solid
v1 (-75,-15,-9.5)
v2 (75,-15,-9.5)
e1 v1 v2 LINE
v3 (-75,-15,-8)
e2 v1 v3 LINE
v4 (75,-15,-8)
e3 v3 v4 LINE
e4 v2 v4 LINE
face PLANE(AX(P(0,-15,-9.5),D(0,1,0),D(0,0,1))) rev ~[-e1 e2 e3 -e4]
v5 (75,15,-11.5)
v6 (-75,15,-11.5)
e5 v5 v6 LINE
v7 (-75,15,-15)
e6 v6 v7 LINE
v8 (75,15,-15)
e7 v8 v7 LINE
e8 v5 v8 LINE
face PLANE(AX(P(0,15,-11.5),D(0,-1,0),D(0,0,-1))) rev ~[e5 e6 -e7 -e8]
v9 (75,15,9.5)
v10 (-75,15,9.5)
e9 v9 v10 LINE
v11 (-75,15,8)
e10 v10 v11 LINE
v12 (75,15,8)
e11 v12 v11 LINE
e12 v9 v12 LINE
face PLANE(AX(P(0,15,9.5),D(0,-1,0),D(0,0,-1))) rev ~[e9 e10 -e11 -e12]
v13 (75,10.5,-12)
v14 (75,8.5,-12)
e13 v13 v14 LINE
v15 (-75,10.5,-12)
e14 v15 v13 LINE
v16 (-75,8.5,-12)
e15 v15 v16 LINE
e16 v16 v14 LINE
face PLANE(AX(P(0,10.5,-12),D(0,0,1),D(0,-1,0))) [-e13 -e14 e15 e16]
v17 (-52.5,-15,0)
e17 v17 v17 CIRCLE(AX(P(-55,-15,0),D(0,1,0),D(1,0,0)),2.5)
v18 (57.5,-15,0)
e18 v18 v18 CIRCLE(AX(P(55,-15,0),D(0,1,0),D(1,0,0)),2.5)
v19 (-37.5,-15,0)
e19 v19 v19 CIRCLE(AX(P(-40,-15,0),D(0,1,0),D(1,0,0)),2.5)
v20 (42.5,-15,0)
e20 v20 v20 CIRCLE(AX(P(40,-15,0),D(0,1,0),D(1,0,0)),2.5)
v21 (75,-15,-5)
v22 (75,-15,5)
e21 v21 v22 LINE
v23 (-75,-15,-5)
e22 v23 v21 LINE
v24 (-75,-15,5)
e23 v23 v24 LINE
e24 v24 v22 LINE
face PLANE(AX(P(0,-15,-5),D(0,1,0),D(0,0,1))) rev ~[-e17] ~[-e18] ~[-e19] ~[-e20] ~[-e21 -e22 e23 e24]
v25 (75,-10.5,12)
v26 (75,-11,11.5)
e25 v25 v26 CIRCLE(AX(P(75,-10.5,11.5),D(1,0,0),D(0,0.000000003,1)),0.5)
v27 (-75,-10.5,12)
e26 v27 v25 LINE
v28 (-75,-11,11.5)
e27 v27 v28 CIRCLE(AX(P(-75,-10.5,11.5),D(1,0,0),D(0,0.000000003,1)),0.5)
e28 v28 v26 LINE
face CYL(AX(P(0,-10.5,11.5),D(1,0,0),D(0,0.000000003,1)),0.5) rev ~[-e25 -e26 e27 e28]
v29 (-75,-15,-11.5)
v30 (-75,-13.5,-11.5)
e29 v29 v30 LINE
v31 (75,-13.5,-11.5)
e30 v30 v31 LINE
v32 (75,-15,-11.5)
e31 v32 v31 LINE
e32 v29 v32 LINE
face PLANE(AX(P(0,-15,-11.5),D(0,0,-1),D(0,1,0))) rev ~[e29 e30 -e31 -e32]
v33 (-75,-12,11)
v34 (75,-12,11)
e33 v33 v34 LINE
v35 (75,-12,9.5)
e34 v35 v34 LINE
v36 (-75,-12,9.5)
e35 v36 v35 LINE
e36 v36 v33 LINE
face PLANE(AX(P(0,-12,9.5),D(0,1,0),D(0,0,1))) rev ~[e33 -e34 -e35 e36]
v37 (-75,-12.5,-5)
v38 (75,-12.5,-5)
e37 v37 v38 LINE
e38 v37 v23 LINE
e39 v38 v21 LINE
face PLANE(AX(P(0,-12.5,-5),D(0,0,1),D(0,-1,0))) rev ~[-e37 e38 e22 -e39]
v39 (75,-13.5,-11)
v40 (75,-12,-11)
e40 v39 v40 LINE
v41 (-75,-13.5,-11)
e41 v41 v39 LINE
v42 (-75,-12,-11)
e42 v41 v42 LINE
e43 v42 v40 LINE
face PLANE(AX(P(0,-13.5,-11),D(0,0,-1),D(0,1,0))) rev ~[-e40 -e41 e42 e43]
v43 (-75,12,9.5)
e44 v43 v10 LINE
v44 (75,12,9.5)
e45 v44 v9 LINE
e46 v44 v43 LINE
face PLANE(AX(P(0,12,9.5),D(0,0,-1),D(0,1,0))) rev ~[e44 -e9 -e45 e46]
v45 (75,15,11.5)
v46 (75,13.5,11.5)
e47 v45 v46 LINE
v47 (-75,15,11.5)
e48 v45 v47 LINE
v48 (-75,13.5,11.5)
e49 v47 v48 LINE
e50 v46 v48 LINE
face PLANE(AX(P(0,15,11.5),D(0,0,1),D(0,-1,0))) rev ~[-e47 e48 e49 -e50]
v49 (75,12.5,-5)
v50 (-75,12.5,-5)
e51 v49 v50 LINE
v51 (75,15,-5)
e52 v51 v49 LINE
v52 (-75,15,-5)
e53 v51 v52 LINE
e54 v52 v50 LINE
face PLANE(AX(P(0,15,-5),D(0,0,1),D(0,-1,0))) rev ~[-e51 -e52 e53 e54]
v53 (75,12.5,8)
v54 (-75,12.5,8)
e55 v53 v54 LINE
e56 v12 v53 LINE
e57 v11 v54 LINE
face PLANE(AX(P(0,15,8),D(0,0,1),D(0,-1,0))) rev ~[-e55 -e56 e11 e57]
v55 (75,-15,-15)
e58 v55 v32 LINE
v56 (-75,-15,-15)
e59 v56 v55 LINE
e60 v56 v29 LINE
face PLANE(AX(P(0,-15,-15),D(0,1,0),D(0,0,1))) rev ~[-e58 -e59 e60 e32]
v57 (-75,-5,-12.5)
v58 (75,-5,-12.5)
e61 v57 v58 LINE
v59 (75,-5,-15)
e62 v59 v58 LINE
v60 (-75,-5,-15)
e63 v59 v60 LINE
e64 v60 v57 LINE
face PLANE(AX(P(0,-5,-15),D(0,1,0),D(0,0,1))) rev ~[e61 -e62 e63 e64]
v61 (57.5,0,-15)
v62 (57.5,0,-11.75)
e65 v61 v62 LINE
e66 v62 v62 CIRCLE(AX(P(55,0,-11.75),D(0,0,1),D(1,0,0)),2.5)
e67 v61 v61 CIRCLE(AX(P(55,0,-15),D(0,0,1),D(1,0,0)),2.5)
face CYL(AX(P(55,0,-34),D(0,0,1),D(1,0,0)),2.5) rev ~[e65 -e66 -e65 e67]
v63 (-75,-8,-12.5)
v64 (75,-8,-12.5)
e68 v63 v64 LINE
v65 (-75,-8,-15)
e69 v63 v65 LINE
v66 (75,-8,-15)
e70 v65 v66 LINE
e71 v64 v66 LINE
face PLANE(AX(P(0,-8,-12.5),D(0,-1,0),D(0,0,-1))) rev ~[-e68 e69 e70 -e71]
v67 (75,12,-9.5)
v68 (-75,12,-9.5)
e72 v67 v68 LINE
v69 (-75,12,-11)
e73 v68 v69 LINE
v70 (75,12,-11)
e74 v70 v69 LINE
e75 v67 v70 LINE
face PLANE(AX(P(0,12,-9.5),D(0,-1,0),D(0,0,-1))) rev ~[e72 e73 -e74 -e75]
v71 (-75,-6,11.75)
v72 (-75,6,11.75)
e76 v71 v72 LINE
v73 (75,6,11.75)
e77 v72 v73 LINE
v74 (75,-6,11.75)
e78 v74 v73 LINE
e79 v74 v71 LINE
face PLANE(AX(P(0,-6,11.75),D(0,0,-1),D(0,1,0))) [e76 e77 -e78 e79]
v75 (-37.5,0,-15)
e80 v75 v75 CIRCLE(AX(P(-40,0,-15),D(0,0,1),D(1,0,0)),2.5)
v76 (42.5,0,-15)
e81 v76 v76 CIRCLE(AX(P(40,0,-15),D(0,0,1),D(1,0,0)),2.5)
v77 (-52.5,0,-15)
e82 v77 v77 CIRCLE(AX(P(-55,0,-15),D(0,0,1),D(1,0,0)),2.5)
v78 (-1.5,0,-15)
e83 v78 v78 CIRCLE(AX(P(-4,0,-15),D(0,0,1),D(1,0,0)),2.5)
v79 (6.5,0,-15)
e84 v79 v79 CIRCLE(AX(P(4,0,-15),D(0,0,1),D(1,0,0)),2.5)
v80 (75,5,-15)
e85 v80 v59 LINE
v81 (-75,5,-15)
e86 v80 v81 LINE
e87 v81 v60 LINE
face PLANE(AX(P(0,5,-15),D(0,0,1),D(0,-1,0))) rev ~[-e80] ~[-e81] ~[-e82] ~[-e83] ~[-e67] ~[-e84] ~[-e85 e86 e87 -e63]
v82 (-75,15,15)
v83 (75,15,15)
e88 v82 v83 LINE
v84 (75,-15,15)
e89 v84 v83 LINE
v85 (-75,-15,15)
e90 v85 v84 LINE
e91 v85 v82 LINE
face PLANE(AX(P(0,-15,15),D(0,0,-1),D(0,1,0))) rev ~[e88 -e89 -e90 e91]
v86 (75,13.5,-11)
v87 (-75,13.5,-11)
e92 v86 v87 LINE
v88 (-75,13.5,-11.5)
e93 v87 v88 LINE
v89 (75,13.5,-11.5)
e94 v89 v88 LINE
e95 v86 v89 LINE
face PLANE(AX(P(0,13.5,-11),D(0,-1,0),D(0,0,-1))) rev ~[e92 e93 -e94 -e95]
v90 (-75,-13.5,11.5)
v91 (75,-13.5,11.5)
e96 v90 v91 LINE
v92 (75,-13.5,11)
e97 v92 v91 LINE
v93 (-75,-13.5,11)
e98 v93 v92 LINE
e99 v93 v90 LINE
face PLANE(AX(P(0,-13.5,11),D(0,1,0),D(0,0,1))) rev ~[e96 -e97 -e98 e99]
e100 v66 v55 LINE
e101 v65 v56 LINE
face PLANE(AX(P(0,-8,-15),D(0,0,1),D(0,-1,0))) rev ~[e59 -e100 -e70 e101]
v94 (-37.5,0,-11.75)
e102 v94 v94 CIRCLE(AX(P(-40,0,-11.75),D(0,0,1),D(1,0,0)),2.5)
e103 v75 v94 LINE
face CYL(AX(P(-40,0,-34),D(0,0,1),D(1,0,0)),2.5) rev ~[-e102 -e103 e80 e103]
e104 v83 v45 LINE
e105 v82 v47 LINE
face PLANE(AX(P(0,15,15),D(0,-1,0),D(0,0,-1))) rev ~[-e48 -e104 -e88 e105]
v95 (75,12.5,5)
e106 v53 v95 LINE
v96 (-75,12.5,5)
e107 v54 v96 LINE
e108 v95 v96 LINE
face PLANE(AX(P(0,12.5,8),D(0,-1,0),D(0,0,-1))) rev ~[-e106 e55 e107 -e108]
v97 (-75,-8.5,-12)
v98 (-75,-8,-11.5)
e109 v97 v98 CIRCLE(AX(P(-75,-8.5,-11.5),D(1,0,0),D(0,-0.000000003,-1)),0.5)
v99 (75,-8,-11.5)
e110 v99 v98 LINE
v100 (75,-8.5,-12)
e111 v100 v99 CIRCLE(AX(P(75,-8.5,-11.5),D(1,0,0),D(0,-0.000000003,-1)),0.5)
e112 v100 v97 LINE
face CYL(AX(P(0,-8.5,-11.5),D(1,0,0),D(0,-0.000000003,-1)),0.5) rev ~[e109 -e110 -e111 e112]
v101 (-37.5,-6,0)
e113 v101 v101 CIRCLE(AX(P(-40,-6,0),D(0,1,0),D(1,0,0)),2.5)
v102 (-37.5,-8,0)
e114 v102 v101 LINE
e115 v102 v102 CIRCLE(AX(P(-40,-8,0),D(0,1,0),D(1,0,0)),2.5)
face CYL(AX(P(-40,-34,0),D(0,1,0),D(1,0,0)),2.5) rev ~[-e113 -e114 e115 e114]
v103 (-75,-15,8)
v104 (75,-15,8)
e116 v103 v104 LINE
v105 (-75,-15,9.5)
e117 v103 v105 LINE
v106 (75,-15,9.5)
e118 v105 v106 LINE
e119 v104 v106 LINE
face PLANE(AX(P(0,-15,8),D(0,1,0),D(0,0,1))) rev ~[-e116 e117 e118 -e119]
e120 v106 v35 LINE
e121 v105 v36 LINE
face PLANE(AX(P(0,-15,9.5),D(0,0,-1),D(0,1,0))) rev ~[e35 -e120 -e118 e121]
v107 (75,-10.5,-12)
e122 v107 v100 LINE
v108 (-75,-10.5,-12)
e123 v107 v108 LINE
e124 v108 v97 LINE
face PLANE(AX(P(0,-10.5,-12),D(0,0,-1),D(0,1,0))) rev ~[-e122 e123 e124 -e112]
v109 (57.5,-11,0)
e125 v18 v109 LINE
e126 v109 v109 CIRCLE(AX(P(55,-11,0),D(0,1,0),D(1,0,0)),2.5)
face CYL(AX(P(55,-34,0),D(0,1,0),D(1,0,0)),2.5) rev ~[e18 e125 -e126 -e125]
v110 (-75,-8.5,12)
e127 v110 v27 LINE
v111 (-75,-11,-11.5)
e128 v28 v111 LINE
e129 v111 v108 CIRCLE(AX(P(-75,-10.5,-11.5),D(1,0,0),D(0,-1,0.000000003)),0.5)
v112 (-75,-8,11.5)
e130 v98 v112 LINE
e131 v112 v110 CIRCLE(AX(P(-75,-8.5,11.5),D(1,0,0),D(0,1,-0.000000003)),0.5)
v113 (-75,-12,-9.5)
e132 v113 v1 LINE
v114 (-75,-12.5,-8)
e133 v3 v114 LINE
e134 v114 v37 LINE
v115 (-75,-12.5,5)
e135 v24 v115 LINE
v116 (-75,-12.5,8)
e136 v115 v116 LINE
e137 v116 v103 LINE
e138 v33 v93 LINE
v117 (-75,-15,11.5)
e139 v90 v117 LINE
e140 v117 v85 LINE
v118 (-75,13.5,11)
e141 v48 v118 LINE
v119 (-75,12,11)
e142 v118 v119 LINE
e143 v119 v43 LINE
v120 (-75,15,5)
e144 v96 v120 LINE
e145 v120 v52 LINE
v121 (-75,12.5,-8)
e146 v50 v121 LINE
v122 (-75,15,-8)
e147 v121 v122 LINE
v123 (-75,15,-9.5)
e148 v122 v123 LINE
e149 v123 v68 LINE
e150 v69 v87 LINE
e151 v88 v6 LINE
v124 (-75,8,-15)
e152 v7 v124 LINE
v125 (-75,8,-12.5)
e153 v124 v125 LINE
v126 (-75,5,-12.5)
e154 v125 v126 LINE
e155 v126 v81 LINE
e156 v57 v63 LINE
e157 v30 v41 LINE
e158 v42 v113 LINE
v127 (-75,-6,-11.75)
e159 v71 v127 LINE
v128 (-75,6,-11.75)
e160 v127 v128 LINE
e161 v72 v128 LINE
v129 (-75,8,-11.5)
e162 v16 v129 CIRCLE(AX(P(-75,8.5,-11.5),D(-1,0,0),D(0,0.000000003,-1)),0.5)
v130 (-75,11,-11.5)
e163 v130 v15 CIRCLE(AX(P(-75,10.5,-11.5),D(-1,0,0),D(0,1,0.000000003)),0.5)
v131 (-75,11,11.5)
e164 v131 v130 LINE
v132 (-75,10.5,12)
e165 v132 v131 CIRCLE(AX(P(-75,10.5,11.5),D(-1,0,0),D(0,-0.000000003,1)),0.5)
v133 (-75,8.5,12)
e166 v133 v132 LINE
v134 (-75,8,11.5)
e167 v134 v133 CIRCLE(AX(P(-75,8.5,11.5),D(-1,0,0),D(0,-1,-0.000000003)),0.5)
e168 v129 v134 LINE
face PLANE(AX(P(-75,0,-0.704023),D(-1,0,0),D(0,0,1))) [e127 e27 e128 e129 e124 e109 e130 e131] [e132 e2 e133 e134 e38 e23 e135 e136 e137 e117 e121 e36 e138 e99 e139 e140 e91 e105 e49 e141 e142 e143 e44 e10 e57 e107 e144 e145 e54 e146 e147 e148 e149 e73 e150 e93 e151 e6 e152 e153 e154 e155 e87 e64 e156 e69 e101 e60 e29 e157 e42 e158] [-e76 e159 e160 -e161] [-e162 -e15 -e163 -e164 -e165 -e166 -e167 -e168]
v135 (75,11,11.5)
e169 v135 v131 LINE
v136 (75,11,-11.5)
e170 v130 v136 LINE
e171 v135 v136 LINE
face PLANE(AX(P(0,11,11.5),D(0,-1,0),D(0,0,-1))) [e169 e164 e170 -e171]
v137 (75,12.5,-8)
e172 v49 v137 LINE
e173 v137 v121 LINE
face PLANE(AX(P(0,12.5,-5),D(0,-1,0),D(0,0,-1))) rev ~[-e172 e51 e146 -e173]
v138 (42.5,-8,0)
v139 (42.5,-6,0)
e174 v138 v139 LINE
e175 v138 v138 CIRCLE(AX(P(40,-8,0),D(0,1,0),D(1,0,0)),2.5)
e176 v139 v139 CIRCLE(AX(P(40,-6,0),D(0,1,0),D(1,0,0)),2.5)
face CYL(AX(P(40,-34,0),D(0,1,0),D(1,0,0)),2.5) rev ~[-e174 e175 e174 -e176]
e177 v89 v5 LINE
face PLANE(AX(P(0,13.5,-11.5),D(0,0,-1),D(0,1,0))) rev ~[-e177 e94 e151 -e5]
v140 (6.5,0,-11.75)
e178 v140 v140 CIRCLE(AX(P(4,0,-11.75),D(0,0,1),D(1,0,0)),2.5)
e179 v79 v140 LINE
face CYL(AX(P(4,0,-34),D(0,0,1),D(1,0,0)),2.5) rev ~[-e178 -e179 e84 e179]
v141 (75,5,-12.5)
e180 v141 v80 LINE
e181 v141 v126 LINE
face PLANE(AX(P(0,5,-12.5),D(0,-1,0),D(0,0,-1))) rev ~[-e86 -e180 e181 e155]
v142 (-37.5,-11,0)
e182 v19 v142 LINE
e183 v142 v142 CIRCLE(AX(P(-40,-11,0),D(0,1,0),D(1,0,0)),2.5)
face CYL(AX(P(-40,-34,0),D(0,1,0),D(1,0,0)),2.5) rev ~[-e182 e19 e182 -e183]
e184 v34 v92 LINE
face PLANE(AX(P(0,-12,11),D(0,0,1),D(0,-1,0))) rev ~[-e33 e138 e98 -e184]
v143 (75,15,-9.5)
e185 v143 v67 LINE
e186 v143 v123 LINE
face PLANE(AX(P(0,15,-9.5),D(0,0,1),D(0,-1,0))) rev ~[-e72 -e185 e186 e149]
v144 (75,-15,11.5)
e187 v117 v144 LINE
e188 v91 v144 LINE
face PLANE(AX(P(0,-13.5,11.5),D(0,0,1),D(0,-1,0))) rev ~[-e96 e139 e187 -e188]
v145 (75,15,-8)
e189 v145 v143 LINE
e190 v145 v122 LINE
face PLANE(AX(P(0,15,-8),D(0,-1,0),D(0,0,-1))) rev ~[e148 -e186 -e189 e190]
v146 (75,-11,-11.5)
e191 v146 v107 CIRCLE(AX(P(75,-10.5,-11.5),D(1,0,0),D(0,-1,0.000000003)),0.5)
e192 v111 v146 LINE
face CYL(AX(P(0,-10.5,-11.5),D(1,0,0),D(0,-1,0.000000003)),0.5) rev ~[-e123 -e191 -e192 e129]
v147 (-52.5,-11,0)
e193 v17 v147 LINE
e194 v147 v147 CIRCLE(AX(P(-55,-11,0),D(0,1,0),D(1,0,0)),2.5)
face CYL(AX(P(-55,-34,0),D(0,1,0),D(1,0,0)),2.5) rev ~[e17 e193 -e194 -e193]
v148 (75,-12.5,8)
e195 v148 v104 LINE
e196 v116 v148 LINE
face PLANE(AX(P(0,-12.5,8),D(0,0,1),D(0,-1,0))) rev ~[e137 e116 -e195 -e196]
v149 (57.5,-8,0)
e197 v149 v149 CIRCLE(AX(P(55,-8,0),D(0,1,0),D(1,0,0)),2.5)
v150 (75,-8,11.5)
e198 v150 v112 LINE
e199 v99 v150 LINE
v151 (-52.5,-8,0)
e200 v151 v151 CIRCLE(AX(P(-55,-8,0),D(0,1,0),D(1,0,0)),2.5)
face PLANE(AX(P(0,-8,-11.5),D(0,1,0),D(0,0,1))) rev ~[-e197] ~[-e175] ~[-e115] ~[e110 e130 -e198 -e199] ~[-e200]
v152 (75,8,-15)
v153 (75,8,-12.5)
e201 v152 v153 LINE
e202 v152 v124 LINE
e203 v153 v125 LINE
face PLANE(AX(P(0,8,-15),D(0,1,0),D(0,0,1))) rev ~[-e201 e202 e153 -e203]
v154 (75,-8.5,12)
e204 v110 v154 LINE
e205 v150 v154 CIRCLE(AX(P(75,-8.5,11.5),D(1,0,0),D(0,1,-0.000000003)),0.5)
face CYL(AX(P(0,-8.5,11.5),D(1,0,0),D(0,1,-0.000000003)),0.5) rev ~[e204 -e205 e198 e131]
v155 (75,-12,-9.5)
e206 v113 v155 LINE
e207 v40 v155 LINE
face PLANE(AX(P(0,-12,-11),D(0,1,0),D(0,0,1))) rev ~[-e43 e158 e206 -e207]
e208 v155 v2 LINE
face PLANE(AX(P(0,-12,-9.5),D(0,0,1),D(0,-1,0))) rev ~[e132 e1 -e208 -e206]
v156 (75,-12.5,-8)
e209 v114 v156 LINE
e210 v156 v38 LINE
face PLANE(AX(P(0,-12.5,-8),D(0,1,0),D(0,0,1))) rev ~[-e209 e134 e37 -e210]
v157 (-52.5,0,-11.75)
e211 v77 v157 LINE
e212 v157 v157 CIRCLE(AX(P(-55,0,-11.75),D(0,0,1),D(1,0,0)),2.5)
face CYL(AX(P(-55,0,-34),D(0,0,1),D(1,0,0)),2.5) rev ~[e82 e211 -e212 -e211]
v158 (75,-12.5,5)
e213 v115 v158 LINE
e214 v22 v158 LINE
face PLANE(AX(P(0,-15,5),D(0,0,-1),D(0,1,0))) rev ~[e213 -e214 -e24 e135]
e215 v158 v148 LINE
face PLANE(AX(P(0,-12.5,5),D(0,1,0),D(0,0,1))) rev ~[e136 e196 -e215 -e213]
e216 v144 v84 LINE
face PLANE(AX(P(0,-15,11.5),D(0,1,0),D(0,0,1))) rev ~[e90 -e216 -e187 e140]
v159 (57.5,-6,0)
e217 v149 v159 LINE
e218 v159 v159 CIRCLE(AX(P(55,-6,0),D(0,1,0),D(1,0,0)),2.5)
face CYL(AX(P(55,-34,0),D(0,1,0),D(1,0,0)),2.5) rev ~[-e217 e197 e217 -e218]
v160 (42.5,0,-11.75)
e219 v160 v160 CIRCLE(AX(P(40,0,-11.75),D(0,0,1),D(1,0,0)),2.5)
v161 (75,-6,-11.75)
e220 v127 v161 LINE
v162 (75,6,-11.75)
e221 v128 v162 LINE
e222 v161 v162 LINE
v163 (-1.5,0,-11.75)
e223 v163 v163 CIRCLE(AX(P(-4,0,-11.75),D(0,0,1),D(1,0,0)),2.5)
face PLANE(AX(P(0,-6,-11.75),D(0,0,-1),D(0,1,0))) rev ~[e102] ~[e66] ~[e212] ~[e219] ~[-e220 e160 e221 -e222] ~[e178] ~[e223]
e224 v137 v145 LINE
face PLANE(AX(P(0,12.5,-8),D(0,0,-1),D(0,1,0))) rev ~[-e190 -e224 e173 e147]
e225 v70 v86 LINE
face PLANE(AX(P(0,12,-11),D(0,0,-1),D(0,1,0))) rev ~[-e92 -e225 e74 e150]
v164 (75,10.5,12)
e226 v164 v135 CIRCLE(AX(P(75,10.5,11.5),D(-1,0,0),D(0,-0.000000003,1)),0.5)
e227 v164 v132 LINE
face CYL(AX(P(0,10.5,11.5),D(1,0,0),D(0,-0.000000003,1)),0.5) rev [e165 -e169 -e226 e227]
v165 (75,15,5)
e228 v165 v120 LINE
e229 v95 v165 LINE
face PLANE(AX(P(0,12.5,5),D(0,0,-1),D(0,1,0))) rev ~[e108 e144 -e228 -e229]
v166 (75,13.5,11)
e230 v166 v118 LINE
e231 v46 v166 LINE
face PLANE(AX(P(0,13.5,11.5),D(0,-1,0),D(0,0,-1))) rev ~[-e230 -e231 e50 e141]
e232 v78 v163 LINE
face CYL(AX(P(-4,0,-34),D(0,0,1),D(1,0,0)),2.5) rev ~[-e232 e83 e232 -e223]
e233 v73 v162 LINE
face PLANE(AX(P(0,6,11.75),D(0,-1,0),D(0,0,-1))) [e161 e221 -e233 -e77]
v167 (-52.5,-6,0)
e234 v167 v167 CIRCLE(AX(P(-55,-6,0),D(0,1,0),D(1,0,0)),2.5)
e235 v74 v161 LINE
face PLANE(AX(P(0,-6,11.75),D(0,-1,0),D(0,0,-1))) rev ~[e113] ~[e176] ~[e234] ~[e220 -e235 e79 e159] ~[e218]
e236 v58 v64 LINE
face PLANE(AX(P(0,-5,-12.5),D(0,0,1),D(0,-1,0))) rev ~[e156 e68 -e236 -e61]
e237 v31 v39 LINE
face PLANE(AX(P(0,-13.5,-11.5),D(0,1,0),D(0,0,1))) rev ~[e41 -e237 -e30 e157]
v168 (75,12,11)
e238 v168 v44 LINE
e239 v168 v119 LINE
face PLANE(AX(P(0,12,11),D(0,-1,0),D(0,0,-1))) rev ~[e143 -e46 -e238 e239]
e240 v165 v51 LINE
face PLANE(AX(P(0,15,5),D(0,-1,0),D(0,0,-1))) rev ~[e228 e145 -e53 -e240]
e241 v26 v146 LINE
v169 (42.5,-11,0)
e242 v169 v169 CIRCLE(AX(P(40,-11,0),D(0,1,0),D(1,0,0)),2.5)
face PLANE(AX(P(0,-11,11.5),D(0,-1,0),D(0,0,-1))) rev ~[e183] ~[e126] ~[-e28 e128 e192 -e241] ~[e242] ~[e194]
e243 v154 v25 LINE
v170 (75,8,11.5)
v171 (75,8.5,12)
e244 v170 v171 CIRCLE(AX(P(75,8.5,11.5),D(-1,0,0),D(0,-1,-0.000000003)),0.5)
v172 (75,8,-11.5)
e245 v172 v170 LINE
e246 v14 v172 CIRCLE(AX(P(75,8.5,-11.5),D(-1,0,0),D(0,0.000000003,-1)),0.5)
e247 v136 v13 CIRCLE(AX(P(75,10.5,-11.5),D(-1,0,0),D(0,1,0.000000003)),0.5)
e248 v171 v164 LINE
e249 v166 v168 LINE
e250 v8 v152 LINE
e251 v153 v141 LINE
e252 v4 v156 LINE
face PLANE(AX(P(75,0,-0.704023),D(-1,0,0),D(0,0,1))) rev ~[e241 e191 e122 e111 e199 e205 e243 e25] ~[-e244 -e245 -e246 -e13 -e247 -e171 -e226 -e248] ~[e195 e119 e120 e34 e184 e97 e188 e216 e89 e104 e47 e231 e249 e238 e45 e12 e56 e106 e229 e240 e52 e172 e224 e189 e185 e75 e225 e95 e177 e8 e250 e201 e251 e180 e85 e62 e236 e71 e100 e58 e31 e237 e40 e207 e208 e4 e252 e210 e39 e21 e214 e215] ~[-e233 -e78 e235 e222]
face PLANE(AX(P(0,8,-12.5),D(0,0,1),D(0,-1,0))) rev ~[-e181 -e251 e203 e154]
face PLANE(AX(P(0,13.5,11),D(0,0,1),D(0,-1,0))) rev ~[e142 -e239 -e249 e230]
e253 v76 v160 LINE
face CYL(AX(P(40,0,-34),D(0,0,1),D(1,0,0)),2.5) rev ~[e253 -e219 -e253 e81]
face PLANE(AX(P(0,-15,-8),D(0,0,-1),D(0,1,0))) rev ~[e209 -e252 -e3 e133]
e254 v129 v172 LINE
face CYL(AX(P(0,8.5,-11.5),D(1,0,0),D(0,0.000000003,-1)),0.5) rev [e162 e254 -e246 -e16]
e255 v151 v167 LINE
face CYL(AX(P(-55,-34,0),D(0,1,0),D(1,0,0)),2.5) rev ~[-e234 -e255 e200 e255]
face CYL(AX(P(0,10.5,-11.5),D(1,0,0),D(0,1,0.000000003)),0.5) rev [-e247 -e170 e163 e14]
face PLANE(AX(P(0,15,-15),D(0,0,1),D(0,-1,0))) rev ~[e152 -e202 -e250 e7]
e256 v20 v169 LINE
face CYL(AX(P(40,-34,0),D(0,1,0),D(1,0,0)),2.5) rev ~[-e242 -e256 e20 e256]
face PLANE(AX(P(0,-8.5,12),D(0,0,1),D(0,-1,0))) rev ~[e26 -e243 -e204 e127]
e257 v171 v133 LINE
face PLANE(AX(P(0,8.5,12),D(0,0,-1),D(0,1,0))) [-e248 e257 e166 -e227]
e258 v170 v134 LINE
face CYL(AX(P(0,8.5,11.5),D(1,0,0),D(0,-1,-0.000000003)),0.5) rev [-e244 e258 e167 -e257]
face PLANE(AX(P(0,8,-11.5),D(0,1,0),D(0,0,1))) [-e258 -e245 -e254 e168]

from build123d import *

# Parameters (mm, degrees)
SKETCH_1_W             = 23.5
SKETCH_1_H             = 12
EXTRUDE_1_DEPTH        = 75
HOLE_WIZARD_M6_1_D     = 5
HOLE_WIZARD_M6_1_DEPTH = 19
HOLE_WIZARD_M6_1_TIP   = 1.502151548
HOLE_WIZARD_M6_2_D     = 5
HOLE_WIZARD_M6_2_DEPTH = 19
HOLE_WIZARD_M6_2_TIP   = 1.502151548


with BuildPart() as part:
    # 草图1 → 凸台-拉伸1 (new, symmetric)
    with BuildSketch(Plane(origin=(0, 0, 0), x_dir=(0, 0, -1), z_dir=(1, 0, 0))):
        Polygon((-15, 15), (-11.5, 15), (-11.5, 13.5), (-11, 13.5), (-11, 12), (-9.5, 12), (-9.5, 15), (-8, 15), (-8, 12.5), (-5, 12.5), (-5, 15), (5, 15), (5, 12.5), (8, 12.5), (8, 15), (9.5, 15), (9.5, 12), (11, 12), (11, 13.5), (11.5, 13.5), (11.5, 15), (15, 15), (15, 8), (12.5, 8), (12.5, 5), (15, 5), (15, -5), (12.5, -5), (12.5, -8), (15, -8), (15, -15), (11.5, -15), (11.5, -13.5), (11, -13.5), (11, -12), (9.5, -12), (9.5, -15), (8, -15), (8, -12.5), (5, -12.5), (5, -15), (-5, -15), (-5, -12.5), (-8, -12.5), (-8, -15), (-9.5, -15), (-9.5, -12), (-11, -12), (-11, -13.5), (-11.5, -13.5), (-11.5, -15), (-15, -15), align=None)
        with BuildLine():
            Line((12, -10.5), (12, -8.5))
            ThreePointArc((12, -8.5), (11.853553391, -8.146446609), (11.5, -8))
            Line((11.5, -8), (-11.5, -8))
            ThreePointArc((-11.5, -8), (-11.853553391, -8.146446609), (-12, -8.5))
            Line((-12, -8.5), (-12, -10.5))
            ThreePointArc((-12, -10.5), (-11.853553391, -10.853553391), (-11.5, -11))
            Line((-11.5, -11), (11.5, -11))
            ThreePointArc((11.5, -11), (11.853553391, -10.853553391), (12, -10.5))
        make_face(mode=Mode.SUBTRACT)
        with BuildLine():
            Line((-11.5, 11), (11.5, 11))
            ThreePointArc((11.5, 11), (11.853553391, 10.853553391), (12, 10.5))
            Line((12, 10.5), (12, 8.5))
            ThreePointArc((12, 8.5), (11.853553391, 8.146446609), (11.5, 8))
            Line((11.5, 8), (-11.5, 8))
            ThreePointArc((-11.5, 8), (-11.853553391, 8.146446609), (-12, 8.5))
            Line((-12, 8.5), (-12, 10.5))
            ThreePointArc((-12, 10.5), (-11.853553391, 10.853553391), (-11.5, 11))
        make_face(mode=Mode.SUBTRACT)
        Rectangle(SKETCH_1_W, SKETCH_1_H, mode=Mode.SUBTRACT)
    extrude(amount=EXTRUDE_1_DEPTH, both=True)

    # M6 螺纹孔1
    with Locations(Plane(origin=(0, -15, 0), x_dir=(-1, 0, 0), z_dir=(0, -1, 0))):
        with Locations((-55, 0), (-40, 0), (55, 0), (40, 0)):
            Hole(HOLE_WIZARD_M6_1_D / 2, depth=HOLE_WIZARD_M6_1_DEPTH)
            with Locations((0, 0, -(HOLE_WIZARD_M6_1_DEPTH + HOLE_WIZARD_M6_1_TIP / 2))):  # 118° drill point
                Cone(0, HOLE_WIZARD_M6_1_D / 2, HOLE_WIZARD_M6_1_TIP, mode=Mode.SUBTRACT)

    # M6 螺纹孔2
    with Locations(Plane(origin=(0, 0, -15), x_dir=(-1, 0, 0), z_dir=(0, 0, -1))):
        with Locations((-55, 0), (-40, 0), (40, 0), (55, 0), (-4, 0), (4, 0)):
            Hole(HOLE_WIZARD_M6_2_D / 2, depth=HOLE_WIZARD_M6_2_DEPTH)
            with Locations((0, 0, -(HOLE_WIZARD_M6_2_DEPTH + HOLE_WIZARD_M6_2_TIP / 2))):  # 118° drill point
                Cone(0, HOLE_WIZARD_M6_2_D / 2, HOLE_WIZARD_M6_2_TIP, mode=Mode.SUBTRACT)


solid = part.part
